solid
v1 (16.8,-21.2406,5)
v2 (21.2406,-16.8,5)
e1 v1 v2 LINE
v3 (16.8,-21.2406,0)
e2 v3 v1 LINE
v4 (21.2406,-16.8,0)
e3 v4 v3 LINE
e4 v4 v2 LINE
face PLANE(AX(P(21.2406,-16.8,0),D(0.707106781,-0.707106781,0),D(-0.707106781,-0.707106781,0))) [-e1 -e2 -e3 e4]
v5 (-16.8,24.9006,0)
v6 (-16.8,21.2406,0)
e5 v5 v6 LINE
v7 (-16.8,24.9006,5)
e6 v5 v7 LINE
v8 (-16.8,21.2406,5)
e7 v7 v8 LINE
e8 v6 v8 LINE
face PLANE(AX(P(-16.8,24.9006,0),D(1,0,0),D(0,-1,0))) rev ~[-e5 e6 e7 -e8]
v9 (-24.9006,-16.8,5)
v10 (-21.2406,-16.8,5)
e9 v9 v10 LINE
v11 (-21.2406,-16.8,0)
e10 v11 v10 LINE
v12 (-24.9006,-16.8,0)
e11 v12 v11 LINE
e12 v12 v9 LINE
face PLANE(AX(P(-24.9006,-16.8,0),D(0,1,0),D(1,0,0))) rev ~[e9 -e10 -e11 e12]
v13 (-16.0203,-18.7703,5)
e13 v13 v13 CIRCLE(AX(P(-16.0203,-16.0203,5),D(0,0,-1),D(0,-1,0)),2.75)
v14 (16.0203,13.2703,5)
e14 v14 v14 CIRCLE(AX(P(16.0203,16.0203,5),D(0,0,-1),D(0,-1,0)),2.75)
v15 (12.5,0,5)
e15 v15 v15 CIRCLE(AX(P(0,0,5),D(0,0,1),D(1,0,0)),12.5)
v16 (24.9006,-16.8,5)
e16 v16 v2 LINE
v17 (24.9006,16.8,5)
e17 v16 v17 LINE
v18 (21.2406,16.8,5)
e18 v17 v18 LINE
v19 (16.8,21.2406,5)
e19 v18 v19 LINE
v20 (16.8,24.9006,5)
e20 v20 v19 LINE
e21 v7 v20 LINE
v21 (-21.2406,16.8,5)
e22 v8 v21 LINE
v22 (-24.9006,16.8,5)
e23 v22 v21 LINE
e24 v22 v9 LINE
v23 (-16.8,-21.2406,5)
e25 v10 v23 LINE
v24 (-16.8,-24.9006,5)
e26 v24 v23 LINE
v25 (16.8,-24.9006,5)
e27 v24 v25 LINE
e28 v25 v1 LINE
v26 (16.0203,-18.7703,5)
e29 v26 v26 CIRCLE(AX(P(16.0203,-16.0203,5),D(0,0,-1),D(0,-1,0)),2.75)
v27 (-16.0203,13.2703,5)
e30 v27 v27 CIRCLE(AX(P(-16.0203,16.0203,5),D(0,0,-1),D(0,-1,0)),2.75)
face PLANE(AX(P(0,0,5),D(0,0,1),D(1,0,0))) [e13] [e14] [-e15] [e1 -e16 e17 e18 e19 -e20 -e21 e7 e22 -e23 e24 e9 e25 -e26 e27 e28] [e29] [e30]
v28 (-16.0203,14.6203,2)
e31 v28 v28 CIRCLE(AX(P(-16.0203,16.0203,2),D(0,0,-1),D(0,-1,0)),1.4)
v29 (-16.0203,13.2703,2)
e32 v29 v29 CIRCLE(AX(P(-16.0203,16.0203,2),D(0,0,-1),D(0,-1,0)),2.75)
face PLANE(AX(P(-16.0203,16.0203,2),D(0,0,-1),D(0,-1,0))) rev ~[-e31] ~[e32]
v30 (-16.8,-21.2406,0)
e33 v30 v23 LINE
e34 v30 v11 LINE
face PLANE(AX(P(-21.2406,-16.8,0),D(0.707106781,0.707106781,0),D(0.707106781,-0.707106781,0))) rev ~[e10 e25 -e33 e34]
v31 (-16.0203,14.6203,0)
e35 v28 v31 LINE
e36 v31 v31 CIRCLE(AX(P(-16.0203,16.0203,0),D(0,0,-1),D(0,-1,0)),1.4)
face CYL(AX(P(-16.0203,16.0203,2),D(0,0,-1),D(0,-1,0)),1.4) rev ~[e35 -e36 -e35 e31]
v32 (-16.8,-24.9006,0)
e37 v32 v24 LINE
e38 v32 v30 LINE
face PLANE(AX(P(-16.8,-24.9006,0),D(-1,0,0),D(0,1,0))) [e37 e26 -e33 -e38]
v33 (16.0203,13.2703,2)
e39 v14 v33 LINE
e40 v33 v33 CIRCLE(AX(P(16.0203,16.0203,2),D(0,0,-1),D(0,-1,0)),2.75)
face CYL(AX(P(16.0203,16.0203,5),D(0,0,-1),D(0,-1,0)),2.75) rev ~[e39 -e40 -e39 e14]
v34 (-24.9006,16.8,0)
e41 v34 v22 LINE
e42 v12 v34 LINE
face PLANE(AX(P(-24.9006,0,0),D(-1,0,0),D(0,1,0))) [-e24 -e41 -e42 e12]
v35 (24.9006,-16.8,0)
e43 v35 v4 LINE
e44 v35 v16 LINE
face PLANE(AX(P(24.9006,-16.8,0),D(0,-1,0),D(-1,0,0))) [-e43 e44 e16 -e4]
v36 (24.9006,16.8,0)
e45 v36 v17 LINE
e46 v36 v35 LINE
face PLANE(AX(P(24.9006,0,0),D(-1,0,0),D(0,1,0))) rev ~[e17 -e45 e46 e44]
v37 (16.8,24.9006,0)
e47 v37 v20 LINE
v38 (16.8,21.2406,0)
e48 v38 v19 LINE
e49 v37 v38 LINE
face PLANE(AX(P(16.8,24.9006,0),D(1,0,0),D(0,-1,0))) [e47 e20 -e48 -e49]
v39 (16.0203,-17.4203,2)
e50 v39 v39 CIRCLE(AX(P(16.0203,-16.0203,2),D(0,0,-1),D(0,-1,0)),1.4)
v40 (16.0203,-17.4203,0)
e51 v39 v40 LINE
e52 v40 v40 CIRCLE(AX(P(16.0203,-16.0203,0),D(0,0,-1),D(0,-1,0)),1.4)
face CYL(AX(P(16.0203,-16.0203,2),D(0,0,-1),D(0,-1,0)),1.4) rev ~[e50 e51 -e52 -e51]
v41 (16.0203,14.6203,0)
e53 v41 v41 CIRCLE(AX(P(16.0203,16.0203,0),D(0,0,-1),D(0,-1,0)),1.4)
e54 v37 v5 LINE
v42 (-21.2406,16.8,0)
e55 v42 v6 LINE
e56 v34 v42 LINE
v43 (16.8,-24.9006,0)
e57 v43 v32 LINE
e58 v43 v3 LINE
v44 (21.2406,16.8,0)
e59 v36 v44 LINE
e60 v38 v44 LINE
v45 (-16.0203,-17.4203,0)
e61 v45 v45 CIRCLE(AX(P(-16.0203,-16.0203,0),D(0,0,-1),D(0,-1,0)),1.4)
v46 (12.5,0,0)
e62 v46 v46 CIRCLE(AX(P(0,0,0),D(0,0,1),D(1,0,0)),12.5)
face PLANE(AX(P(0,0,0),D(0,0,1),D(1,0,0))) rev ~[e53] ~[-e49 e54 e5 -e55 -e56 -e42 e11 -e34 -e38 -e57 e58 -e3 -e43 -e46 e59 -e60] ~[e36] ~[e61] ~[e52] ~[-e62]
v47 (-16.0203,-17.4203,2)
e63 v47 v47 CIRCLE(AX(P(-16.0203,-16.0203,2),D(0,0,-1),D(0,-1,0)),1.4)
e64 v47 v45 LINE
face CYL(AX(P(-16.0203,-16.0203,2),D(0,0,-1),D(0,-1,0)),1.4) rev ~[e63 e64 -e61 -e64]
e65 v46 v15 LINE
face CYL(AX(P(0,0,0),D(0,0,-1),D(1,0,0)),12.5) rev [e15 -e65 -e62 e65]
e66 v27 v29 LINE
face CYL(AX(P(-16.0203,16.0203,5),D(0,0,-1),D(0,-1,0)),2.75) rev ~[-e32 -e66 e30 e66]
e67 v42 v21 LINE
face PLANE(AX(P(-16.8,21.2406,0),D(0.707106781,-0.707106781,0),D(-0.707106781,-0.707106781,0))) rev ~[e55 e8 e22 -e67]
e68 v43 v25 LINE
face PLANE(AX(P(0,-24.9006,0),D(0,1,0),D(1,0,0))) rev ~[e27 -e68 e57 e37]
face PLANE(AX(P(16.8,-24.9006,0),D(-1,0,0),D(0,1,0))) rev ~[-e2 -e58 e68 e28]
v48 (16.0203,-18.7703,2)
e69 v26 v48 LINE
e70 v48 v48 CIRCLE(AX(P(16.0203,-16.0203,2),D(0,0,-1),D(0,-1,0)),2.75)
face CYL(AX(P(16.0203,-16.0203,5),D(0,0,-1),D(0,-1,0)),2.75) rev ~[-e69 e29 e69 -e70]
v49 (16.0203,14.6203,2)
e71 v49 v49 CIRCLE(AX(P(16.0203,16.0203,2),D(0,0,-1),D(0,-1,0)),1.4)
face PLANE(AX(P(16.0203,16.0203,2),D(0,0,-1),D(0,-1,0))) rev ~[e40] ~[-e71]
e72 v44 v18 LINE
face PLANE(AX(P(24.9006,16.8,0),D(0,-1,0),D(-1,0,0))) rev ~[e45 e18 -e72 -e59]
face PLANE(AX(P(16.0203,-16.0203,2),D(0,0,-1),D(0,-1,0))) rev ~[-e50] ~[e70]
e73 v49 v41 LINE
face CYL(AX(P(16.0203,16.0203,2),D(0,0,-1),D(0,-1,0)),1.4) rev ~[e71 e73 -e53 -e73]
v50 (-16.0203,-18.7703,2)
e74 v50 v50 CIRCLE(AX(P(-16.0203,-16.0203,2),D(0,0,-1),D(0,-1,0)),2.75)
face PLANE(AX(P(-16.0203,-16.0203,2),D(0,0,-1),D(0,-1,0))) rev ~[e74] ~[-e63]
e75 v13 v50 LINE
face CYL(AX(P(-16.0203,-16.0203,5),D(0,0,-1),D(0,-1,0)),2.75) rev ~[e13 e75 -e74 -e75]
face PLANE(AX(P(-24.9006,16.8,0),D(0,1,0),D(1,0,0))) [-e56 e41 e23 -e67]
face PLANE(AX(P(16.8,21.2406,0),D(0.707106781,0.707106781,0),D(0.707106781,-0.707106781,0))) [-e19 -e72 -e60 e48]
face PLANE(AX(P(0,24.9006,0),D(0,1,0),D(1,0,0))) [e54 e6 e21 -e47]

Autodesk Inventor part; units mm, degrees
ref_plane "YZ Plane" through (0, 0, 0) normal (1, 0, 0) x (0, 1, 0)
ref_plane "XZ Plane" through (0, 0, 0) normal (0, 1, 0) x (-1, 0, 0)
ref_plane "XY Plane" through (0, 0, 0) normal (0, 0, 1) x (1, 0, 0)
sketch "Sketch1" plane through (0, 0, 0) normal (0, 0, 1) x (1, 0, 0)
  line L0 (-39.3843, 0) -> (62.0012, 0) construction
  line L1 (0, -36.6008) -> (0, 45.3001) construction
  line L2 (0, 0) -> (33.6, 33.6) construction
  line L3 (0, 0) -> (47.5176, 0) construction
  line L4 (0, 24.9006) -> (16.8, 24.9006)
  line L5 (16.8, 24.9006) -> (16.8, 21.2406)
  line L6 (16.8, 21.2406) -> (19.0203, 19.0203)
  line L7 (24.9006, 0) -> (24.9006, 16.8)
  line L8 (24.9006, 16.8) -> (21.2406, 16.8)
  line L9 (21.2406, 16.8) -> (19.0203, 19.0203)
  line L10 (0, 24.9006) -> (-16.8, 24.9006)
  line L11 (-16.8, 24.9006) -> (-16.8, 21.2406)
  line L12 (-16.8, 21.2406) -> (-19.0203, 19.0203)
  line L13 (-24.9006, 0) -> (-24.9006, 16.8)
  line L14 (-24.9006, 16.8) -> (-21.2406, 16.8)
  line L15 (-21.2406, 16.8) -> (-19.0203, 19.0203)
  line L16 (0, -24.9006) -> (16.8, -24.9006)
  line L17 (16.8, -24.9006) -> (16.8, -21.2406)
  line L18 (16.8, -21.2406) -> (19.0203, -19.0203)
  line L19 (24.9006, 0) -> (24.9006, -16.8)
  line L20 (24.9006, -16.8) -> (21.2406, -16.8)
  line L21 (21.2406, -16.8) -> (19.0203, -19.0203)
  line L22 (0, -24.9006) -> (-16.8, -24.9006)
  line L23 (-16.8, -24.9006) -> (-16.8, -21.2406)
  line L24 (-16.8, -21.2406) -> (-19.0203, -19.0203)
  line L25 (-24.9006, 0) -> (-24.9006, -16.8)
  line L26 (-24.9006, -16.8) -> (-21.2406, -16.8)
  line L27 (-21.2406, -16.8) -> (-19.0203, -19.0203)
  circle A0 centre (0, 0) radius 12.5
  dimension "d0" = 45
  dimension "d1" = 16.8
  dimension "d2" = 3.66
  dimension "d3" = 3.14
  dimension "d4" = 25
extrude "Extrusion1" add sketch "Sketch1" along normal blind 5
sketch "Sketch2" plane through (0, 0, 5) normal (0, 0, 1) x (1, 0, 0)
  circle A0 centre (0, 0) radius 12.5 construction
  line L0 (16.8, 24.9006) -> (-16.8, 24.9006) construction
  line L1 (-16.8, 24.9006) -> (-16.8, 21.2406) construction
  line L2 (-16.8, 21.2406) -> (-21.2406, 16.8) construction
  line L3 (-21.2406, 16.8) -> (-24.9006, 16.8) construction
  line L4 (-24.9006, 16.8) -> (-24.9006, -16.8) construction
  line L5 (-24.9006, -16.8) -> (-21.2406, -16.8) construction
  line L6 (-21.2406, -16.8) -> (-16.8, -21.2406) construction
  line L7 (-16.8, -21.2406) -> (-16.8, -24.9006) construction
  line L8 (-16.8, -24.9006) -> (16.8, -24.9006) construction
  line L9 (16.8, -24.9006) -> (16.8, -21.2406) construction
  line L10 (16.8, -21.2406) -> (21.2406, -16.8) construction
  line L11 (21.2406, -16.8) -> (24.9006, -16.8) construction
  line L12 (24.9006, -16.8) -> (24.9006, 16.8) construction
  line L13 (24.9006, 16.8) -> (21.2406, 16.8) construction
  line L14 (21.2406, 16.8) -> (16.8, 21.2406) construction
  line L15 (16.8, 21.2406) -> (16.8, 24.9006) construction
  circle A1 centre (16.0203, -16.0203) radius 2.1846 construction
  circle A2 centre (-16.0203, -16.0203) radius 2.1846 construction
  circle A3 centre (-16.0203, 16.0203) radius 2.1846 construction
  circle A4 centre (16.0203, 16.0203) radius 2.1846 construction
  circle A5 centre (0, 0) radius 14 construction
  line L16 (-19.0203, 17.0203) -> (-19.0203, -17.0203) construction
  arc A6 (-17.0203, 19.0203) -> (-19.0203, 17.0203) centre (-17.0203, 17.0203) ccw construction
  line L17 (17.0203, 19.0203) -> (-17.0203, 19.0203) construction
  arc A7 (19.0203, 17.0203) -> (17.0203, 19.0203) centre (17.0203, 17.0203) ccw construction
  line L18 (19.0203, -17.0203) -> (19.0203, 17.0203) construction
  arc A8 (17.0203, -19.0203) -> (19.0203, -17.0203) centre (17.0203, -17.0203) ccw construction
  line L19 (-17.0203, -19.0203) -> (17.0203, -19.0203) construction
  arc A9 (-19.0203, -17.0203) -> (-17.0203, -19.0203) centre (-17.0203, -17.0203) ccw construction
hole "Hole1" at (-16.0203, 16.0203, 5) at (16.0203, 16.0203, 5) at (16.0203, -16.0203, 5) at (-16.0203, -16.0203, 5) direction (0, 0, -1) diameter 2.8 end through all counterbore diameter 5.5 counterbore depth 3
properties part number "20_Cube_insert_Sample_holder_magnetic"
